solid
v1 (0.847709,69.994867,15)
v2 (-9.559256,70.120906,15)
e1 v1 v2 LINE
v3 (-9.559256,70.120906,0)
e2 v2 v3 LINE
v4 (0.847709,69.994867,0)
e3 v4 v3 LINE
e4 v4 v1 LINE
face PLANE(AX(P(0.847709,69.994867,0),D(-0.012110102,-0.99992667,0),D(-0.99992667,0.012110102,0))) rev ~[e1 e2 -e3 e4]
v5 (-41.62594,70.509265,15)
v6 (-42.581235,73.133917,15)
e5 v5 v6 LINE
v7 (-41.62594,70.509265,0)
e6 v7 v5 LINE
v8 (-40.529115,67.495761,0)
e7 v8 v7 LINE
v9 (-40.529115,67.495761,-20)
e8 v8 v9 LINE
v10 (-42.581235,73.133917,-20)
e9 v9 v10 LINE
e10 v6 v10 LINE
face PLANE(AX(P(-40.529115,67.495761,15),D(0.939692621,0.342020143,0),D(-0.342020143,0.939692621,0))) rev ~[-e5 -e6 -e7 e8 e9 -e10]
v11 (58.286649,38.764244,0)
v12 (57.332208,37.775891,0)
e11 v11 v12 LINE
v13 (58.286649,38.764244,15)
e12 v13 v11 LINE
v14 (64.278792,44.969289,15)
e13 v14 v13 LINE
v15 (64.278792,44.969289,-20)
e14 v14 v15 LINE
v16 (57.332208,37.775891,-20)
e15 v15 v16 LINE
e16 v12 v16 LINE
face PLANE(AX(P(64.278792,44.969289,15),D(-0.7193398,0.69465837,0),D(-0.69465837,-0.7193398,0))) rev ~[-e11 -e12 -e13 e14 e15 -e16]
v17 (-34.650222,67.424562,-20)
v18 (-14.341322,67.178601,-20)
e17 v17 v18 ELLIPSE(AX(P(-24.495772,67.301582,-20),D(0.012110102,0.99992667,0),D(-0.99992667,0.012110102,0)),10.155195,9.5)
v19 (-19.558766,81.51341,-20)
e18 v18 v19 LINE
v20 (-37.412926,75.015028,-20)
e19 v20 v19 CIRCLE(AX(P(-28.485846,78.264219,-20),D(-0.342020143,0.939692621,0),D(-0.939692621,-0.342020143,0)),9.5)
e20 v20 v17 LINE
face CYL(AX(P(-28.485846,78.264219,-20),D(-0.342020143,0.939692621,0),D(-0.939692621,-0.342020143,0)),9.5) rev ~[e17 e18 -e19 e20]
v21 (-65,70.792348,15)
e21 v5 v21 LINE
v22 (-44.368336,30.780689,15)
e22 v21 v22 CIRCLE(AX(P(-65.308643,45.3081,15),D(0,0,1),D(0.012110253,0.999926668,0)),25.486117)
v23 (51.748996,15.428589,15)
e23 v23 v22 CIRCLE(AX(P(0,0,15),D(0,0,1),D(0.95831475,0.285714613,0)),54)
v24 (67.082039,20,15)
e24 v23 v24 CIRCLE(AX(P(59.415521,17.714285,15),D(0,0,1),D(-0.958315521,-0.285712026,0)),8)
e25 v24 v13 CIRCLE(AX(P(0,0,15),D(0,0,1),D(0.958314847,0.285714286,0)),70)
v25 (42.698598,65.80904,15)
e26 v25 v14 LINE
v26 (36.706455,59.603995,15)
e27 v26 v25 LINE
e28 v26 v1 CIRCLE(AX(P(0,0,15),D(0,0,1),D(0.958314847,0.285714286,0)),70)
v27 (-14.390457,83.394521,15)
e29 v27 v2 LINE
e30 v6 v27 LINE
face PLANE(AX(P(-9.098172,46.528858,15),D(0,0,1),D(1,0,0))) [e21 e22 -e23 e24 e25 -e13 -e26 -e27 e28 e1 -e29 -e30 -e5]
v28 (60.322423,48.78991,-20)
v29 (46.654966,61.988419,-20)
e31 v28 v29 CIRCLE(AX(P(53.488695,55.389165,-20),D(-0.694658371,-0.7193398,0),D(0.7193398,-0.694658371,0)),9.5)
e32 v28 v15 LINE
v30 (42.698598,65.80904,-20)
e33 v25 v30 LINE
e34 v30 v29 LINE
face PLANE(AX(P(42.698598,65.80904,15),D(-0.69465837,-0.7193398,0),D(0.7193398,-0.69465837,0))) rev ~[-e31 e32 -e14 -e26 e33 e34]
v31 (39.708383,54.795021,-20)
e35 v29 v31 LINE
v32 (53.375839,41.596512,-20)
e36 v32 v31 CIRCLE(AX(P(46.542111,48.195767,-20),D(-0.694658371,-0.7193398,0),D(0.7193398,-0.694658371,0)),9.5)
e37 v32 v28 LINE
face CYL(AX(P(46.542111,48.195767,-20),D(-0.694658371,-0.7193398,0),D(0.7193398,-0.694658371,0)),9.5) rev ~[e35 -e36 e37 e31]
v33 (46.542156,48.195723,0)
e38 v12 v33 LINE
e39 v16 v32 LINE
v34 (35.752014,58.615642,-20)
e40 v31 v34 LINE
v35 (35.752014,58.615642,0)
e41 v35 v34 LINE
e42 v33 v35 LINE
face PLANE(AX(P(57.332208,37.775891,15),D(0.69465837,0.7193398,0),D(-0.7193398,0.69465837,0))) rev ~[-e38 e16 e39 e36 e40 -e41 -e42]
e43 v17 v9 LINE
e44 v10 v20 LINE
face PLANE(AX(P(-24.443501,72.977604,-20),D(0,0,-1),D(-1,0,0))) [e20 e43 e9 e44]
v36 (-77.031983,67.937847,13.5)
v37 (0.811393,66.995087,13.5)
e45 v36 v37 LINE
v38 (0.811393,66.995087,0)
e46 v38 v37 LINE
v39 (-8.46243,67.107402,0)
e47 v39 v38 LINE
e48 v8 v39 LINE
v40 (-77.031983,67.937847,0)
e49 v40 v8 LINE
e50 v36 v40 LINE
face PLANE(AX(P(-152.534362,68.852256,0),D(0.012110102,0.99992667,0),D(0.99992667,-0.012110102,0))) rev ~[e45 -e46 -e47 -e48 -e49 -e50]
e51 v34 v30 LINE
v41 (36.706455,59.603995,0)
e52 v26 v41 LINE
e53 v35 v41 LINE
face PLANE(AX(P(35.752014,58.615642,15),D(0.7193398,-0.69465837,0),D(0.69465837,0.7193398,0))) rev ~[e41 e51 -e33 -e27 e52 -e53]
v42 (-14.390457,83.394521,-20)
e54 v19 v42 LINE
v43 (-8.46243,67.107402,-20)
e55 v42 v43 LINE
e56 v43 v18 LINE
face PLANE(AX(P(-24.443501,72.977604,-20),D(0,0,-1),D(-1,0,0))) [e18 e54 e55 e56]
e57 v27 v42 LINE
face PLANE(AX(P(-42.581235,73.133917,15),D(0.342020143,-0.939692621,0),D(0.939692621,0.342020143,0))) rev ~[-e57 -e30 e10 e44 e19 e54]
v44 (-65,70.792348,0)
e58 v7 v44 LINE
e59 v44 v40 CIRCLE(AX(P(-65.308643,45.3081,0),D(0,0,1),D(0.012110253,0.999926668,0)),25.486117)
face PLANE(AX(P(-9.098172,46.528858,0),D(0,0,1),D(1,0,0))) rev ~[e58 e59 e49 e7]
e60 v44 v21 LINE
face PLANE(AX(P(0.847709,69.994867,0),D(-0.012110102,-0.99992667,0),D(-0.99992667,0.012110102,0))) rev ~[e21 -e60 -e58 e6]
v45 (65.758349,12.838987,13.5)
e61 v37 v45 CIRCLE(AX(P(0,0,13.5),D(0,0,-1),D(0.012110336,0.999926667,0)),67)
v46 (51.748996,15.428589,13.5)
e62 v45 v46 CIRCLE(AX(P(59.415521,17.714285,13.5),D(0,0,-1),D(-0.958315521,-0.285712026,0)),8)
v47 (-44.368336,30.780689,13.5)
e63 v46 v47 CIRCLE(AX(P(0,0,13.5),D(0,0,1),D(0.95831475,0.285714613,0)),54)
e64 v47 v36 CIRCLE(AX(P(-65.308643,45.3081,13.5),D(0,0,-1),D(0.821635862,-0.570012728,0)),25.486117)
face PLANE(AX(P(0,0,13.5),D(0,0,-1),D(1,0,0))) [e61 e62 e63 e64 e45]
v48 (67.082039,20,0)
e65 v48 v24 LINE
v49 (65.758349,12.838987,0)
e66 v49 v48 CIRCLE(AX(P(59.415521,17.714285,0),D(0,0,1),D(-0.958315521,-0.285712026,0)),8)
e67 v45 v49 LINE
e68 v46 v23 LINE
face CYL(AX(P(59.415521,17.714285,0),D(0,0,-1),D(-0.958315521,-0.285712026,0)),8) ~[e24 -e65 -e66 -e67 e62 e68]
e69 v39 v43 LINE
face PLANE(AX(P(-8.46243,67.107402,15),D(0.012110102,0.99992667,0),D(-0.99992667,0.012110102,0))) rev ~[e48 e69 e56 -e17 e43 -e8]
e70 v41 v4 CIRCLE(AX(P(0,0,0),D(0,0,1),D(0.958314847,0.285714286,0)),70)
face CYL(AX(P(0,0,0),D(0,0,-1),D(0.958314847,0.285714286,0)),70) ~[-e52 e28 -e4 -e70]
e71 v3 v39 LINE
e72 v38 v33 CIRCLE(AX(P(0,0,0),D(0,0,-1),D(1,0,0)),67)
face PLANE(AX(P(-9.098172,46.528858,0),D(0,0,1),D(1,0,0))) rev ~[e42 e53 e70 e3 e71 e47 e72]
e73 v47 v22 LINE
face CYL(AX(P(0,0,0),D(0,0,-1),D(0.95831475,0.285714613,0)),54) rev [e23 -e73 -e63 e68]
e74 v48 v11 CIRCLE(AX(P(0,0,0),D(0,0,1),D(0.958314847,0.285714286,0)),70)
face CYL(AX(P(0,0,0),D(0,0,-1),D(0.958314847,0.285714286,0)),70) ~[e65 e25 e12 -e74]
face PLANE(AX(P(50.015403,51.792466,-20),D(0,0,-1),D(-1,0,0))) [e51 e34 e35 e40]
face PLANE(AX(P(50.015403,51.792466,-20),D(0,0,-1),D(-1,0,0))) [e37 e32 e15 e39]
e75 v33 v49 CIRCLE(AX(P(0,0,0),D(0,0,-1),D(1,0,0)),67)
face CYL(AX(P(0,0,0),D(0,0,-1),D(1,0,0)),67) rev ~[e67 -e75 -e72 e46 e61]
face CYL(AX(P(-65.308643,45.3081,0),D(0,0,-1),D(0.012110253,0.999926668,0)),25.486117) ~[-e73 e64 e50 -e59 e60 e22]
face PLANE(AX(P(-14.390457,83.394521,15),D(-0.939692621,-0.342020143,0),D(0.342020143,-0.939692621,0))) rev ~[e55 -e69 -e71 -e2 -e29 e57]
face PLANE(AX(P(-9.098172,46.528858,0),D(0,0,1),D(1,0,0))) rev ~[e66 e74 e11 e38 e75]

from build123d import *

# Parameters (mm, degrees)
PAD_DEPTH       = 15
SKETCH002_R     = 67
POCKET_DEPTH    = 13.5
POCKET001_DEPTH = 13.5
PAD001_DEPTH    = 35
PAD002_DEPTH    = 35
SKETCH_R        = 9.5
POCKET002_DEPTH = 39.8207539141
SKETCH007_R     = 9.5
POCKET003_DEPTH = 97.217065943


with BuildPart() as part:
    # Sketch001 → Pad (new body)
    with BuildSketch(Plane.XY):
        with BuildLine():
            ThreePointArc((67.082039325, 20), (42.1720802134, 55.8705257759), (0.8477088241, 69.9948668814))
            Line((0.8477088241, 69.9948668814), (-65, 70.7923477994))
            ThreePointArc((-65, 70.7923477994), (-87.9606343369, 33.6277973957), (-44.3683356165, 30.7806886639))
            ThreePointArc((51.7489964992, 15.4285890907), (8.5170581243, 53.324100751), (-44.3683356165, 30.7806886639))
            ThreePointArc((51.7489964992, 15.4285890907), (61.7012261231, 10.0477638873), (67.082039325, 20))
        make_face()
    extrude(amount=PAD_DEPTH)

    # Sketch002 → Pocket (cut)
    with BuildSketch(Plane(origin=(0, 0, 0), x_dir=(1, 0, 0), z_dir=(0, 0, -1))):
        Circle(SKETCH002_R)
    extrude(amount=-POCKET_DEPTH, mode=Mode.SUBTRACT)

    # Sketch003 → Pocket001 (cut)
    with BuildSketch(Plane(origin=(0, 0, 0), x_dir=(1, 0, 0), z_dir=(0, 0, -1))):
        Polygon((-152.5343617943, -68.8522555402), (0.8113925418, -66.9950867015), (-35.4631, 35.7409), align=None)
    extrude(amount=-POCKET001_DEPTH, mode=Mode.SUBTRACT)

    # Sketch005 → Pad001 (new body)
    with BuildSketch(Plane.XY.offset(15)):
        Polygon((35.7520138156, 58.6156421796), (42.6985975202, 65.809040183), (64.2787915304, 44.9692890692), (57.3322078258, 37.7758910658), align=None)
    extrude(amount=-PAD001_DEPTH)

    # Sketch006 → Pad002 (new body)
    with BuildSketch(Plane.XY.offset(15)):
        Polygon((-40.5291145864, 67.4957611541), (-42.5812354464, 73.1339168789), (-14.3904568228, 83.3945211786), (-8.4624301934, 67.1074018724), align=None)
    extrude(amount=-PAD002_DEPTH)

    # Sketch → Pocket002 (cut, through all)
    with BuildSketch(Plane(origin=(46.5421108207, 48.1957666227, 0), x_dir=(0.7193398003, -0.6946583705, 0), z_dir=(-0.6946583705, -0.7193398003, 0))):
        with Locations((0, -20)):
            Circle(SKETCH_R)
    extrude(amount=-POCKET002_DEPTH, mode=Mode.SUBTRACT)

    # Sketch007 → Pocket003 (cut, through all)
    with BuildSketch(Plane(origin=(-28.4858461346, 78.2642190287, 0), x_dir=(-0.9396926208, -0.3420201433, 0), z_dir=(-0.3420201433, 0.9396926208, 0))):
        with Locations((0, -20)):
            Circle(SKETCH007_R)
    extrude(amount=-POCKET003_DEPTH, mode=Mode.SUBTRACT)


solid = part.part
